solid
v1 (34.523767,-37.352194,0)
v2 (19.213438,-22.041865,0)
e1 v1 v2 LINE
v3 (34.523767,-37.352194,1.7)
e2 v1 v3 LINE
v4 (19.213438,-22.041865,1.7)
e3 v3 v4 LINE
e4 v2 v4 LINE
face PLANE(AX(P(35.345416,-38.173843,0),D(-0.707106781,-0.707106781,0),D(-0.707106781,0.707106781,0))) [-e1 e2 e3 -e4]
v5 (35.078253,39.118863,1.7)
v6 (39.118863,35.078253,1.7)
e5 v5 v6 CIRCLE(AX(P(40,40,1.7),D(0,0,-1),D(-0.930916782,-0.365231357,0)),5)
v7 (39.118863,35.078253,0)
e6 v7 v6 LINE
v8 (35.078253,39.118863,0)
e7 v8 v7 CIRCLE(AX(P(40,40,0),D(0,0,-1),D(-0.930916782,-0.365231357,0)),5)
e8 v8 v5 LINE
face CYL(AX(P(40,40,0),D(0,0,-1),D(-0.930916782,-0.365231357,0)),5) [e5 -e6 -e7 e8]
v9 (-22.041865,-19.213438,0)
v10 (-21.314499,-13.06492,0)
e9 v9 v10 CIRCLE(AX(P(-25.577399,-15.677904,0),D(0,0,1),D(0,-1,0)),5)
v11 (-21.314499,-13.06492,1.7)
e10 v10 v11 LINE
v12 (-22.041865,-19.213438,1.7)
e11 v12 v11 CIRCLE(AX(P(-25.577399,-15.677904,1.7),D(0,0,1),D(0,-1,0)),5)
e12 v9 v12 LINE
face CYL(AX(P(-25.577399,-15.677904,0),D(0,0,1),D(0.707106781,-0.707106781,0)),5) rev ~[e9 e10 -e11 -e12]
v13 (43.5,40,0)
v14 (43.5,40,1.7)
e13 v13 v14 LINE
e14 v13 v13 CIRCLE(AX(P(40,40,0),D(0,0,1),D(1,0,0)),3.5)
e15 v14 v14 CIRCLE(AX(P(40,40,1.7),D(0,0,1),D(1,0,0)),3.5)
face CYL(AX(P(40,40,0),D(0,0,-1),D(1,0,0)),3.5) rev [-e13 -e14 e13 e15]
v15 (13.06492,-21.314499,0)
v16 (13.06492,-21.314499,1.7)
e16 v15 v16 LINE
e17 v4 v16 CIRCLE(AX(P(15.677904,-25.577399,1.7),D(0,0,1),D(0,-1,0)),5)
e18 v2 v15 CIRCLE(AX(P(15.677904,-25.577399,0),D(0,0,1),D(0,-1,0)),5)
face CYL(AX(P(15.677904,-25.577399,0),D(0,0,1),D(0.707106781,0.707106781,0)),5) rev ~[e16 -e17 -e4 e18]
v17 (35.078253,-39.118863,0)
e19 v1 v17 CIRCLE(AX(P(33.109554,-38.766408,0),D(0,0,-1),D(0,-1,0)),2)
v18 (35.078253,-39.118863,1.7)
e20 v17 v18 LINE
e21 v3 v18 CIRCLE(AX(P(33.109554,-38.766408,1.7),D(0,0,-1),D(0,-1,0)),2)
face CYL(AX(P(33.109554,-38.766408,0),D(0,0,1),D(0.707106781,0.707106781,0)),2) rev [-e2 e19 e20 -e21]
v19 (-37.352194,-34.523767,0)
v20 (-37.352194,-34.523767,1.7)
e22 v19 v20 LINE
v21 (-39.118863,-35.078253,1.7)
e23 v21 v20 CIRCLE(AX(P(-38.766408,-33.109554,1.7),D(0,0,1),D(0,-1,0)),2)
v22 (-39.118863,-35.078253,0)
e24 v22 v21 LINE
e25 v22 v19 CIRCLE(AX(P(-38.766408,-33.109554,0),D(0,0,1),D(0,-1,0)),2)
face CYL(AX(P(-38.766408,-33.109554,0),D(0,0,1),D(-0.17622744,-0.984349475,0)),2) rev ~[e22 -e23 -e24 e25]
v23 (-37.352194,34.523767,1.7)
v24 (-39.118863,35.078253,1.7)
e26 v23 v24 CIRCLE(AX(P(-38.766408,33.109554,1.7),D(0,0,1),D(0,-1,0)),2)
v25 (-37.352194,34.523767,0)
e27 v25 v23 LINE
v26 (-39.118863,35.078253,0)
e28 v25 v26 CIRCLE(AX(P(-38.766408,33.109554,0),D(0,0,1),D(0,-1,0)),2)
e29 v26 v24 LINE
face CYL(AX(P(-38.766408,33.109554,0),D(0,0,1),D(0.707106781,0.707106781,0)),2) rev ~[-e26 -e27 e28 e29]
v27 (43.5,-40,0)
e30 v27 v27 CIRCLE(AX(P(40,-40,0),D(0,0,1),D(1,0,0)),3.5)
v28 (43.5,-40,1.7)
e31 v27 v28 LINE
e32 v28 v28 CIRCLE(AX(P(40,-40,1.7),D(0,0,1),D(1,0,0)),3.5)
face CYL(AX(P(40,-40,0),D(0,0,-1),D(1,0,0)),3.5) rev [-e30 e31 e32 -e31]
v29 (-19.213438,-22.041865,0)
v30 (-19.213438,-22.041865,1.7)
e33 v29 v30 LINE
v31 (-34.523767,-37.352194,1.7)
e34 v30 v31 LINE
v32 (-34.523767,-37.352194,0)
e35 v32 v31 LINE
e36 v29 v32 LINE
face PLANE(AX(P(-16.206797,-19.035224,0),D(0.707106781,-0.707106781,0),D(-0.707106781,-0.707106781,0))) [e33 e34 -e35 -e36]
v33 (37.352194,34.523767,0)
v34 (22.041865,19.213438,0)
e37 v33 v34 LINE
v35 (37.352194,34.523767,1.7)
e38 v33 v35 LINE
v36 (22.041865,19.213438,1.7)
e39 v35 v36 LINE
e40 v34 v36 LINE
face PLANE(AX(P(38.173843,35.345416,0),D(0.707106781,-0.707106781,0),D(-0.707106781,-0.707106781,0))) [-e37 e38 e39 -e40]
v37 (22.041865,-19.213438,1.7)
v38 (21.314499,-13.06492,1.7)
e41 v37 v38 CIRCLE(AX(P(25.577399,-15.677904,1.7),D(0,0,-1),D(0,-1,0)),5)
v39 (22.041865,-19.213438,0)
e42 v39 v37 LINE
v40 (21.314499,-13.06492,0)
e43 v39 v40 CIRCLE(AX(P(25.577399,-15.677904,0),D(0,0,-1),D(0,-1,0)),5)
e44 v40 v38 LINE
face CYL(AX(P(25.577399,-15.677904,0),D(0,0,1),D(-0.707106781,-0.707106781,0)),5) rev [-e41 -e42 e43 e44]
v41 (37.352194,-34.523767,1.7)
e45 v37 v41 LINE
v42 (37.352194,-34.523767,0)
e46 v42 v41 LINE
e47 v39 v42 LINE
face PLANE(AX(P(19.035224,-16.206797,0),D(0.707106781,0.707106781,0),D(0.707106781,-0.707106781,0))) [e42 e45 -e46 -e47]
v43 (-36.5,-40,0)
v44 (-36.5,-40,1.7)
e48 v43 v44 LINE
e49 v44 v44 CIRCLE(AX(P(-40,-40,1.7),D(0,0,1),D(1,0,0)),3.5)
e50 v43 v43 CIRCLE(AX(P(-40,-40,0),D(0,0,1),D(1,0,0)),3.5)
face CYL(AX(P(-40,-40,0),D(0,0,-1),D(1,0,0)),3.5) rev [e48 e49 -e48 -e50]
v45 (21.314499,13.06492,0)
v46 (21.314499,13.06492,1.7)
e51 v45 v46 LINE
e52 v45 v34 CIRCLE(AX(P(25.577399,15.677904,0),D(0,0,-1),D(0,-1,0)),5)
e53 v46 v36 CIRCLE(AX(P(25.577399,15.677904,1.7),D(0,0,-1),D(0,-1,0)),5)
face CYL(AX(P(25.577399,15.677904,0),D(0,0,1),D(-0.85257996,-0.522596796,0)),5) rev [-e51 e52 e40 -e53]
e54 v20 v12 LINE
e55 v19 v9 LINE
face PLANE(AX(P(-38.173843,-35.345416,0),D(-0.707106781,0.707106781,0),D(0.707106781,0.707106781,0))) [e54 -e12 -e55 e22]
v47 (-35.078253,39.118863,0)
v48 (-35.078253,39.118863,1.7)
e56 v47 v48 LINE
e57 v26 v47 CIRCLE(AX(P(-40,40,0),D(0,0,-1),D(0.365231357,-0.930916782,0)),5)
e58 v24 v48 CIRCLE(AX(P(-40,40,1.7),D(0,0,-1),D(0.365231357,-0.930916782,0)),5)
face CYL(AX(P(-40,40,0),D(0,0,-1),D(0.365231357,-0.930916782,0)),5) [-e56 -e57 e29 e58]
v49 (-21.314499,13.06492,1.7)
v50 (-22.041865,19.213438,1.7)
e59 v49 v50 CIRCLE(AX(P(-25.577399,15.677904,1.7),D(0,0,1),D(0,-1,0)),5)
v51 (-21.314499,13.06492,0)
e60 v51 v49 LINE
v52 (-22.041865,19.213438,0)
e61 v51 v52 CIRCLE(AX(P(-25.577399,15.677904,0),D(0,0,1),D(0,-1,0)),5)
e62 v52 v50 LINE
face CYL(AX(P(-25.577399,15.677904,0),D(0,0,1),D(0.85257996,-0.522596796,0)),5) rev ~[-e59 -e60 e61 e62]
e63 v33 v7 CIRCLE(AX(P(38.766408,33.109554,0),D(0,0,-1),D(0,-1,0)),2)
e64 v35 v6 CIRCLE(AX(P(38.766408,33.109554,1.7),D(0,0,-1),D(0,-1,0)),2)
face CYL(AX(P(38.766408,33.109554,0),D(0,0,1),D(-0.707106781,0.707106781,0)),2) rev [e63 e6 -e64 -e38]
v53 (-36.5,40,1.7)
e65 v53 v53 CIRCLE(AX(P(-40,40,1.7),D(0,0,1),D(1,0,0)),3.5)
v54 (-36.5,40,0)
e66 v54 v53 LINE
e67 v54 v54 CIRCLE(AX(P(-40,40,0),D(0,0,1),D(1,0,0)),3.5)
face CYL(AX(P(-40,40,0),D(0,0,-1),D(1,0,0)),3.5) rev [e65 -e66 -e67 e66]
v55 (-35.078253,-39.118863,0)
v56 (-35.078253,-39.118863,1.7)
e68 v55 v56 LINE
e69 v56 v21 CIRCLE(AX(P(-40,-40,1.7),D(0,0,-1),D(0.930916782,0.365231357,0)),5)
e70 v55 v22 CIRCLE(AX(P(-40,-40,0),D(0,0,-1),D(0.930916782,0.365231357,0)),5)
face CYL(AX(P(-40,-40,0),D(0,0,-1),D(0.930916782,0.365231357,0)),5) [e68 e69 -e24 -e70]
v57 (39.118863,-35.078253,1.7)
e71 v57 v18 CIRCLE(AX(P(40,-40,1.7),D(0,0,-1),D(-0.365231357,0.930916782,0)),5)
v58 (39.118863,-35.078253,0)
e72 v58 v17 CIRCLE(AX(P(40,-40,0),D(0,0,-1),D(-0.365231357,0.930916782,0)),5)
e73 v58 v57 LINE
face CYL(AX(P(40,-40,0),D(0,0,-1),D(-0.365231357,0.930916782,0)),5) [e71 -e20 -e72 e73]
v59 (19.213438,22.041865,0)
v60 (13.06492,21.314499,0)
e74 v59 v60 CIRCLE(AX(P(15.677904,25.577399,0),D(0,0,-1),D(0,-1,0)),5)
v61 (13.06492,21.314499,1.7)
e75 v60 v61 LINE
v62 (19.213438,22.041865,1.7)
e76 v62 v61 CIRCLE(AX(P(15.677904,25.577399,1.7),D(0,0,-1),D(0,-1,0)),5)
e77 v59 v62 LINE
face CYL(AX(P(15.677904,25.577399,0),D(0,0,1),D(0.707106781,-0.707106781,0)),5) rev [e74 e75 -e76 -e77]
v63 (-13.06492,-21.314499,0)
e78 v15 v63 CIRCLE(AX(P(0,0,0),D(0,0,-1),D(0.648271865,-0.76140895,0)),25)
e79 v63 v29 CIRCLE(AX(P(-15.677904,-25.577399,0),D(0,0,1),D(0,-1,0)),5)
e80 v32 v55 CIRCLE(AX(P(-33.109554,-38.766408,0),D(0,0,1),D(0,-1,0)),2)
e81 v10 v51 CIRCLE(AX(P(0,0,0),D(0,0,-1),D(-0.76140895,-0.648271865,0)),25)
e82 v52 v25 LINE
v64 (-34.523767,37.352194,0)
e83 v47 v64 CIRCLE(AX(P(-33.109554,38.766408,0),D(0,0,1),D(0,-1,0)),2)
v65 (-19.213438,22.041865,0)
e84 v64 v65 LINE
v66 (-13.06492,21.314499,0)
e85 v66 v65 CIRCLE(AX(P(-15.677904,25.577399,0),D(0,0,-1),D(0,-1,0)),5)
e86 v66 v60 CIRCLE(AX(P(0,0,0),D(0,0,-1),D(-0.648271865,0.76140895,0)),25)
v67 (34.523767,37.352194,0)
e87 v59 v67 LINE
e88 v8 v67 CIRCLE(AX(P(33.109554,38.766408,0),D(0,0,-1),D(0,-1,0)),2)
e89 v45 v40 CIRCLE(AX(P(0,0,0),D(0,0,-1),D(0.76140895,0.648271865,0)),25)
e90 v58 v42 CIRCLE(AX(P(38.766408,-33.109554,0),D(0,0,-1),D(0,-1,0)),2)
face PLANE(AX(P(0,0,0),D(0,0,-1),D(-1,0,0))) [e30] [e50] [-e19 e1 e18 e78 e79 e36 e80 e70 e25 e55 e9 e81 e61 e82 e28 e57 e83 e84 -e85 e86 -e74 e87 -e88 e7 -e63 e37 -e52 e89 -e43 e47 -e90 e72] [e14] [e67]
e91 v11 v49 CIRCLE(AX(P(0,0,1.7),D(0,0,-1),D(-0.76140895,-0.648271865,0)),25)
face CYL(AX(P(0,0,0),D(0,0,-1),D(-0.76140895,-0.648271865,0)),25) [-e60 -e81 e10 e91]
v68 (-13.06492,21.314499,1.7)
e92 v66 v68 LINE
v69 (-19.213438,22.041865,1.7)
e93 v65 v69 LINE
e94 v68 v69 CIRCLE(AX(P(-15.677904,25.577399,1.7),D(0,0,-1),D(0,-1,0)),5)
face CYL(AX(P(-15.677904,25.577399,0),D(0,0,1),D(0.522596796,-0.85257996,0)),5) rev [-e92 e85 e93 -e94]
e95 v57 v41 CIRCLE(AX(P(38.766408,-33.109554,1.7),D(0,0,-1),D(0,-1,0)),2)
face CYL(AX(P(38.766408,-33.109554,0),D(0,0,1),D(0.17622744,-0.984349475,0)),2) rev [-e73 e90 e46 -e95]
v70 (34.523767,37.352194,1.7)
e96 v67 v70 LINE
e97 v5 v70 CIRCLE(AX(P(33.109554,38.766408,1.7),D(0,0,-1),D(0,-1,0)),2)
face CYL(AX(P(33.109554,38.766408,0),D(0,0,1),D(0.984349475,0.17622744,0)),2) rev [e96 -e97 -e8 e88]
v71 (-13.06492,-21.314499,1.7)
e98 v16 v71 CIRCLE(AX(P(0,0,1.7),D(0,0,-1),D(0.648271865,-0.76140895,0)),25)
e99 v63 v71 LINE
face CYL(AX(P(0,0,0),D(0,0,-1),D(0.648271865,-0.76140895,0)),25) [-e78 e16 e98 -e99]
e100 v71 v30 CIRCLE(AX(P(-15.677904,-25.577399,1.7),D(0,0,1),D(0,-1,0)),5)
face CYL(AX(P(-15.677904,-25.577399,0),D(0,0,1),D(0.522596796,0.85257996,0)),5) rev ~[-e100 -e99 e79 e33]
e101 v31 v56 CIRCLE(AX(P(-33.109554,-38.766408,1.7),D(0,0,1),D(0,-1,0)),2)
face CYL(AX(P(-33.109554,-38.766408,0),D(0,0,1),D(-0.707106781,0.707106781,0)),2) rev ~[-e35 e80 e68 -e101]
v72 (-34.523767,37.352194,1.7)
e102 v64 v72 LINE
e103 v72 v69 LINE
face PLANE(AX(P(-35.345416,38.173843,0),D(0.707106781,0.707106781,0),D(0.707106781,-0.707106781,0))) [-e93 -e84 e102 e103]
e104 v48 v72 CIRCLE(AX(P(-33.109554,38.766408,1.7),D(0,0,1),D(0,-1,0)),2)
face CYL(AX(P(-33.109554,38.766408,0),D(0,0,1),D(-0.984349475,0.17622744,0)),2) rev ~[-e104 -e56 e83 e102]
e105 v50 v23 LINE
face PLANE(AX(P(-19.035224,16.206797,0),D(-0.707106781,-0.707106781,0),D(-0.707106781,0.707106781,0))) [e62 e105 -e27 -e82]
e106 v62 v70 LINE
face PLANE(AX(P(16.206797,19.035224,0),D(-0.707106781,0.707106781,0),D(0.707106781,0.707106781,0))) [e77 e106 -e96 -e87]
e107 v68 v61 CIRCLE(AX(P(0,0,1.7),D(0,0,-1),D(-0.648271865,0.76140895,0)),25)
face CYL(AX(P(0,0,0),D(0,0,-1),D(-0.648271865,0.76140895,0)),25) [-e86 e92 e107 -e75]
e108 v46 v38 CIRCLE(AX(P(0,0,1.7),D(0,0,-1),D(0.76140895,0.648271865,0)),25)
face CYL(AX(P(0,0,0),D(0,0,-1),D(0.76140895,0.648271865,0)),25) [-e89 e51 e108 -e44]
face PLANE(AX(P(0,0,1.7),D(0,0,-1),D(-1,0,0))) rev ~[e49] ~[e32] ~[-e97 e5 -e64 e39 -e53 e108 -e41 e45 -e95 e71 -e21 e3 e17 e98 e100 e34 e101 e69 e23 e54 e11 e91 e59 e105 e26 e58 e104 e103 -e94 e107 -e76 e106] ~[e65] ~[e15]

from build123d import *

# Parameters (mm, degrees)
SKETCH1_R           = 3.5
BOSS_EXTRUDE2_DEPTH = 1.7
FILLET1_R           = 5
FILLET2_R           = 2


with BuildPart() as part:
    # Sketch1 → Boss-Extrude2 (new body)
    with BuildSketch(Plane.XY):
        with BuildLine():
            Line((35.345416088, -38.173843213), (16.206796624, -19.035223749))
            ThreePointArc((16.206796624, -19.035223749), (0, -25), (-16.206796624, -19.035223749))
            Line((-16.206796624, -19.035223749), (-35.345416088, -38.173843213))
            ThreePointArc((-35.345416088, -38.173843213), (-43.535533906, -43.535533906), (-38.173843213, -35.345416088))
            Line((-38.173843213, -35.345416088), (-19.035223749, -16.206796624))
            ThreePointArc((-19.035223749, -16.206796624), (-25, 0), (-19.035223749, 16.206796624))
            Line((-19.035223749, 16.206796624), (-38.173843213, 35.345416088))
            ThreePointArc((-38.173843213, 35.345416088), (-43.535533906, 43.535533906), (-35.345416088, 38.173843213))
            Line((-35.345416088, 38.173843213), (-16.206796624, 19.035223749))
            ThreePointArc((-16.206796624, 19.035223749), (0, 25), (16.206796624, 19.035223749))
            Line((16.206796624, 19.035223749), (35.345416088, 38.173843213))
            ThreePointArc((35.345416088, 38.173843213), (43.535533906, 43.535533906), (38.173843213, 35.345416088))
            Line((38.173843213, 35.345416088), (19.035223749, 16.206796624))
            ThreePointArc((19.035223749, 16.206796624), (25, 0), (19.035223749, -16.206796624))
            Line((19.035223749, -16.206796624), (38.173843213, -35.345416088))
            ThreePointArc((38.173843213, -35.345416088), (43.535533906, -43.535533906), (35.345416088, -38.173843213))
        make_face()
        with Locations((-40, 40)):
            Circle(SKETCH1_R, mode=Mode.SUBTRACT)
        with Locations((40, 40)):
            Circle(SKETCH1_R, mode=Mode.SUBTRACT)
        with Locations((40, -40)):
            Circle(SKETCH1_R, mode=Mode.SUBTRACT)
        with Locations((-40, -40)):
            Circle(SKETCH1_R, mode=Mode.SUBTRACT)
    extrude(amount=BOSS_EXTRUDE2_DEPTH)

    # Fillet1
    fillet1_edges = [part.edges().sort_by_distance(p)[0] for p in [
        (16.206796624, 19.035223749, 0.85),
        (19.035223749, 16.206796624, 0.85),
        (19.035223749, -16.206796624, 0.85),
        (16.206796624, -19.035223749, 0.85),
        (-16.206796624, -19.035223749, 0.85),
        (-19.035223749, -16.206796624, 0.85),
        (-19.035223749, 16.206796624, 0.85),
        (-16.206796624, 19.035223749, 0.85),
    ]]
    fillet(fillet1_edges, radius=FILLET1_R)

    # Fillet2
    fillet2_edges = [part.edges().sort_by_distance(p)[0] for p in [
        (35.345416088, 38.173843213, 0.85),
        (38.173843213, 35.345416088, 0.85),
        (38.173843213, -35.345416088, 0.85),
        (35.345416088, -38.173843213, 0.85),
        (-35.345416088, -38.173843213, 0.85),
        (-38.173843213, -35.345416088, 0.85),
        (-38.173843213, 35.345416088, 0.85),
        (-35.345416088, 38.173843213, 0.85),
    ]]
    fillet(fillet2_edges, radius=FILLET2_R)


solid = part.part
